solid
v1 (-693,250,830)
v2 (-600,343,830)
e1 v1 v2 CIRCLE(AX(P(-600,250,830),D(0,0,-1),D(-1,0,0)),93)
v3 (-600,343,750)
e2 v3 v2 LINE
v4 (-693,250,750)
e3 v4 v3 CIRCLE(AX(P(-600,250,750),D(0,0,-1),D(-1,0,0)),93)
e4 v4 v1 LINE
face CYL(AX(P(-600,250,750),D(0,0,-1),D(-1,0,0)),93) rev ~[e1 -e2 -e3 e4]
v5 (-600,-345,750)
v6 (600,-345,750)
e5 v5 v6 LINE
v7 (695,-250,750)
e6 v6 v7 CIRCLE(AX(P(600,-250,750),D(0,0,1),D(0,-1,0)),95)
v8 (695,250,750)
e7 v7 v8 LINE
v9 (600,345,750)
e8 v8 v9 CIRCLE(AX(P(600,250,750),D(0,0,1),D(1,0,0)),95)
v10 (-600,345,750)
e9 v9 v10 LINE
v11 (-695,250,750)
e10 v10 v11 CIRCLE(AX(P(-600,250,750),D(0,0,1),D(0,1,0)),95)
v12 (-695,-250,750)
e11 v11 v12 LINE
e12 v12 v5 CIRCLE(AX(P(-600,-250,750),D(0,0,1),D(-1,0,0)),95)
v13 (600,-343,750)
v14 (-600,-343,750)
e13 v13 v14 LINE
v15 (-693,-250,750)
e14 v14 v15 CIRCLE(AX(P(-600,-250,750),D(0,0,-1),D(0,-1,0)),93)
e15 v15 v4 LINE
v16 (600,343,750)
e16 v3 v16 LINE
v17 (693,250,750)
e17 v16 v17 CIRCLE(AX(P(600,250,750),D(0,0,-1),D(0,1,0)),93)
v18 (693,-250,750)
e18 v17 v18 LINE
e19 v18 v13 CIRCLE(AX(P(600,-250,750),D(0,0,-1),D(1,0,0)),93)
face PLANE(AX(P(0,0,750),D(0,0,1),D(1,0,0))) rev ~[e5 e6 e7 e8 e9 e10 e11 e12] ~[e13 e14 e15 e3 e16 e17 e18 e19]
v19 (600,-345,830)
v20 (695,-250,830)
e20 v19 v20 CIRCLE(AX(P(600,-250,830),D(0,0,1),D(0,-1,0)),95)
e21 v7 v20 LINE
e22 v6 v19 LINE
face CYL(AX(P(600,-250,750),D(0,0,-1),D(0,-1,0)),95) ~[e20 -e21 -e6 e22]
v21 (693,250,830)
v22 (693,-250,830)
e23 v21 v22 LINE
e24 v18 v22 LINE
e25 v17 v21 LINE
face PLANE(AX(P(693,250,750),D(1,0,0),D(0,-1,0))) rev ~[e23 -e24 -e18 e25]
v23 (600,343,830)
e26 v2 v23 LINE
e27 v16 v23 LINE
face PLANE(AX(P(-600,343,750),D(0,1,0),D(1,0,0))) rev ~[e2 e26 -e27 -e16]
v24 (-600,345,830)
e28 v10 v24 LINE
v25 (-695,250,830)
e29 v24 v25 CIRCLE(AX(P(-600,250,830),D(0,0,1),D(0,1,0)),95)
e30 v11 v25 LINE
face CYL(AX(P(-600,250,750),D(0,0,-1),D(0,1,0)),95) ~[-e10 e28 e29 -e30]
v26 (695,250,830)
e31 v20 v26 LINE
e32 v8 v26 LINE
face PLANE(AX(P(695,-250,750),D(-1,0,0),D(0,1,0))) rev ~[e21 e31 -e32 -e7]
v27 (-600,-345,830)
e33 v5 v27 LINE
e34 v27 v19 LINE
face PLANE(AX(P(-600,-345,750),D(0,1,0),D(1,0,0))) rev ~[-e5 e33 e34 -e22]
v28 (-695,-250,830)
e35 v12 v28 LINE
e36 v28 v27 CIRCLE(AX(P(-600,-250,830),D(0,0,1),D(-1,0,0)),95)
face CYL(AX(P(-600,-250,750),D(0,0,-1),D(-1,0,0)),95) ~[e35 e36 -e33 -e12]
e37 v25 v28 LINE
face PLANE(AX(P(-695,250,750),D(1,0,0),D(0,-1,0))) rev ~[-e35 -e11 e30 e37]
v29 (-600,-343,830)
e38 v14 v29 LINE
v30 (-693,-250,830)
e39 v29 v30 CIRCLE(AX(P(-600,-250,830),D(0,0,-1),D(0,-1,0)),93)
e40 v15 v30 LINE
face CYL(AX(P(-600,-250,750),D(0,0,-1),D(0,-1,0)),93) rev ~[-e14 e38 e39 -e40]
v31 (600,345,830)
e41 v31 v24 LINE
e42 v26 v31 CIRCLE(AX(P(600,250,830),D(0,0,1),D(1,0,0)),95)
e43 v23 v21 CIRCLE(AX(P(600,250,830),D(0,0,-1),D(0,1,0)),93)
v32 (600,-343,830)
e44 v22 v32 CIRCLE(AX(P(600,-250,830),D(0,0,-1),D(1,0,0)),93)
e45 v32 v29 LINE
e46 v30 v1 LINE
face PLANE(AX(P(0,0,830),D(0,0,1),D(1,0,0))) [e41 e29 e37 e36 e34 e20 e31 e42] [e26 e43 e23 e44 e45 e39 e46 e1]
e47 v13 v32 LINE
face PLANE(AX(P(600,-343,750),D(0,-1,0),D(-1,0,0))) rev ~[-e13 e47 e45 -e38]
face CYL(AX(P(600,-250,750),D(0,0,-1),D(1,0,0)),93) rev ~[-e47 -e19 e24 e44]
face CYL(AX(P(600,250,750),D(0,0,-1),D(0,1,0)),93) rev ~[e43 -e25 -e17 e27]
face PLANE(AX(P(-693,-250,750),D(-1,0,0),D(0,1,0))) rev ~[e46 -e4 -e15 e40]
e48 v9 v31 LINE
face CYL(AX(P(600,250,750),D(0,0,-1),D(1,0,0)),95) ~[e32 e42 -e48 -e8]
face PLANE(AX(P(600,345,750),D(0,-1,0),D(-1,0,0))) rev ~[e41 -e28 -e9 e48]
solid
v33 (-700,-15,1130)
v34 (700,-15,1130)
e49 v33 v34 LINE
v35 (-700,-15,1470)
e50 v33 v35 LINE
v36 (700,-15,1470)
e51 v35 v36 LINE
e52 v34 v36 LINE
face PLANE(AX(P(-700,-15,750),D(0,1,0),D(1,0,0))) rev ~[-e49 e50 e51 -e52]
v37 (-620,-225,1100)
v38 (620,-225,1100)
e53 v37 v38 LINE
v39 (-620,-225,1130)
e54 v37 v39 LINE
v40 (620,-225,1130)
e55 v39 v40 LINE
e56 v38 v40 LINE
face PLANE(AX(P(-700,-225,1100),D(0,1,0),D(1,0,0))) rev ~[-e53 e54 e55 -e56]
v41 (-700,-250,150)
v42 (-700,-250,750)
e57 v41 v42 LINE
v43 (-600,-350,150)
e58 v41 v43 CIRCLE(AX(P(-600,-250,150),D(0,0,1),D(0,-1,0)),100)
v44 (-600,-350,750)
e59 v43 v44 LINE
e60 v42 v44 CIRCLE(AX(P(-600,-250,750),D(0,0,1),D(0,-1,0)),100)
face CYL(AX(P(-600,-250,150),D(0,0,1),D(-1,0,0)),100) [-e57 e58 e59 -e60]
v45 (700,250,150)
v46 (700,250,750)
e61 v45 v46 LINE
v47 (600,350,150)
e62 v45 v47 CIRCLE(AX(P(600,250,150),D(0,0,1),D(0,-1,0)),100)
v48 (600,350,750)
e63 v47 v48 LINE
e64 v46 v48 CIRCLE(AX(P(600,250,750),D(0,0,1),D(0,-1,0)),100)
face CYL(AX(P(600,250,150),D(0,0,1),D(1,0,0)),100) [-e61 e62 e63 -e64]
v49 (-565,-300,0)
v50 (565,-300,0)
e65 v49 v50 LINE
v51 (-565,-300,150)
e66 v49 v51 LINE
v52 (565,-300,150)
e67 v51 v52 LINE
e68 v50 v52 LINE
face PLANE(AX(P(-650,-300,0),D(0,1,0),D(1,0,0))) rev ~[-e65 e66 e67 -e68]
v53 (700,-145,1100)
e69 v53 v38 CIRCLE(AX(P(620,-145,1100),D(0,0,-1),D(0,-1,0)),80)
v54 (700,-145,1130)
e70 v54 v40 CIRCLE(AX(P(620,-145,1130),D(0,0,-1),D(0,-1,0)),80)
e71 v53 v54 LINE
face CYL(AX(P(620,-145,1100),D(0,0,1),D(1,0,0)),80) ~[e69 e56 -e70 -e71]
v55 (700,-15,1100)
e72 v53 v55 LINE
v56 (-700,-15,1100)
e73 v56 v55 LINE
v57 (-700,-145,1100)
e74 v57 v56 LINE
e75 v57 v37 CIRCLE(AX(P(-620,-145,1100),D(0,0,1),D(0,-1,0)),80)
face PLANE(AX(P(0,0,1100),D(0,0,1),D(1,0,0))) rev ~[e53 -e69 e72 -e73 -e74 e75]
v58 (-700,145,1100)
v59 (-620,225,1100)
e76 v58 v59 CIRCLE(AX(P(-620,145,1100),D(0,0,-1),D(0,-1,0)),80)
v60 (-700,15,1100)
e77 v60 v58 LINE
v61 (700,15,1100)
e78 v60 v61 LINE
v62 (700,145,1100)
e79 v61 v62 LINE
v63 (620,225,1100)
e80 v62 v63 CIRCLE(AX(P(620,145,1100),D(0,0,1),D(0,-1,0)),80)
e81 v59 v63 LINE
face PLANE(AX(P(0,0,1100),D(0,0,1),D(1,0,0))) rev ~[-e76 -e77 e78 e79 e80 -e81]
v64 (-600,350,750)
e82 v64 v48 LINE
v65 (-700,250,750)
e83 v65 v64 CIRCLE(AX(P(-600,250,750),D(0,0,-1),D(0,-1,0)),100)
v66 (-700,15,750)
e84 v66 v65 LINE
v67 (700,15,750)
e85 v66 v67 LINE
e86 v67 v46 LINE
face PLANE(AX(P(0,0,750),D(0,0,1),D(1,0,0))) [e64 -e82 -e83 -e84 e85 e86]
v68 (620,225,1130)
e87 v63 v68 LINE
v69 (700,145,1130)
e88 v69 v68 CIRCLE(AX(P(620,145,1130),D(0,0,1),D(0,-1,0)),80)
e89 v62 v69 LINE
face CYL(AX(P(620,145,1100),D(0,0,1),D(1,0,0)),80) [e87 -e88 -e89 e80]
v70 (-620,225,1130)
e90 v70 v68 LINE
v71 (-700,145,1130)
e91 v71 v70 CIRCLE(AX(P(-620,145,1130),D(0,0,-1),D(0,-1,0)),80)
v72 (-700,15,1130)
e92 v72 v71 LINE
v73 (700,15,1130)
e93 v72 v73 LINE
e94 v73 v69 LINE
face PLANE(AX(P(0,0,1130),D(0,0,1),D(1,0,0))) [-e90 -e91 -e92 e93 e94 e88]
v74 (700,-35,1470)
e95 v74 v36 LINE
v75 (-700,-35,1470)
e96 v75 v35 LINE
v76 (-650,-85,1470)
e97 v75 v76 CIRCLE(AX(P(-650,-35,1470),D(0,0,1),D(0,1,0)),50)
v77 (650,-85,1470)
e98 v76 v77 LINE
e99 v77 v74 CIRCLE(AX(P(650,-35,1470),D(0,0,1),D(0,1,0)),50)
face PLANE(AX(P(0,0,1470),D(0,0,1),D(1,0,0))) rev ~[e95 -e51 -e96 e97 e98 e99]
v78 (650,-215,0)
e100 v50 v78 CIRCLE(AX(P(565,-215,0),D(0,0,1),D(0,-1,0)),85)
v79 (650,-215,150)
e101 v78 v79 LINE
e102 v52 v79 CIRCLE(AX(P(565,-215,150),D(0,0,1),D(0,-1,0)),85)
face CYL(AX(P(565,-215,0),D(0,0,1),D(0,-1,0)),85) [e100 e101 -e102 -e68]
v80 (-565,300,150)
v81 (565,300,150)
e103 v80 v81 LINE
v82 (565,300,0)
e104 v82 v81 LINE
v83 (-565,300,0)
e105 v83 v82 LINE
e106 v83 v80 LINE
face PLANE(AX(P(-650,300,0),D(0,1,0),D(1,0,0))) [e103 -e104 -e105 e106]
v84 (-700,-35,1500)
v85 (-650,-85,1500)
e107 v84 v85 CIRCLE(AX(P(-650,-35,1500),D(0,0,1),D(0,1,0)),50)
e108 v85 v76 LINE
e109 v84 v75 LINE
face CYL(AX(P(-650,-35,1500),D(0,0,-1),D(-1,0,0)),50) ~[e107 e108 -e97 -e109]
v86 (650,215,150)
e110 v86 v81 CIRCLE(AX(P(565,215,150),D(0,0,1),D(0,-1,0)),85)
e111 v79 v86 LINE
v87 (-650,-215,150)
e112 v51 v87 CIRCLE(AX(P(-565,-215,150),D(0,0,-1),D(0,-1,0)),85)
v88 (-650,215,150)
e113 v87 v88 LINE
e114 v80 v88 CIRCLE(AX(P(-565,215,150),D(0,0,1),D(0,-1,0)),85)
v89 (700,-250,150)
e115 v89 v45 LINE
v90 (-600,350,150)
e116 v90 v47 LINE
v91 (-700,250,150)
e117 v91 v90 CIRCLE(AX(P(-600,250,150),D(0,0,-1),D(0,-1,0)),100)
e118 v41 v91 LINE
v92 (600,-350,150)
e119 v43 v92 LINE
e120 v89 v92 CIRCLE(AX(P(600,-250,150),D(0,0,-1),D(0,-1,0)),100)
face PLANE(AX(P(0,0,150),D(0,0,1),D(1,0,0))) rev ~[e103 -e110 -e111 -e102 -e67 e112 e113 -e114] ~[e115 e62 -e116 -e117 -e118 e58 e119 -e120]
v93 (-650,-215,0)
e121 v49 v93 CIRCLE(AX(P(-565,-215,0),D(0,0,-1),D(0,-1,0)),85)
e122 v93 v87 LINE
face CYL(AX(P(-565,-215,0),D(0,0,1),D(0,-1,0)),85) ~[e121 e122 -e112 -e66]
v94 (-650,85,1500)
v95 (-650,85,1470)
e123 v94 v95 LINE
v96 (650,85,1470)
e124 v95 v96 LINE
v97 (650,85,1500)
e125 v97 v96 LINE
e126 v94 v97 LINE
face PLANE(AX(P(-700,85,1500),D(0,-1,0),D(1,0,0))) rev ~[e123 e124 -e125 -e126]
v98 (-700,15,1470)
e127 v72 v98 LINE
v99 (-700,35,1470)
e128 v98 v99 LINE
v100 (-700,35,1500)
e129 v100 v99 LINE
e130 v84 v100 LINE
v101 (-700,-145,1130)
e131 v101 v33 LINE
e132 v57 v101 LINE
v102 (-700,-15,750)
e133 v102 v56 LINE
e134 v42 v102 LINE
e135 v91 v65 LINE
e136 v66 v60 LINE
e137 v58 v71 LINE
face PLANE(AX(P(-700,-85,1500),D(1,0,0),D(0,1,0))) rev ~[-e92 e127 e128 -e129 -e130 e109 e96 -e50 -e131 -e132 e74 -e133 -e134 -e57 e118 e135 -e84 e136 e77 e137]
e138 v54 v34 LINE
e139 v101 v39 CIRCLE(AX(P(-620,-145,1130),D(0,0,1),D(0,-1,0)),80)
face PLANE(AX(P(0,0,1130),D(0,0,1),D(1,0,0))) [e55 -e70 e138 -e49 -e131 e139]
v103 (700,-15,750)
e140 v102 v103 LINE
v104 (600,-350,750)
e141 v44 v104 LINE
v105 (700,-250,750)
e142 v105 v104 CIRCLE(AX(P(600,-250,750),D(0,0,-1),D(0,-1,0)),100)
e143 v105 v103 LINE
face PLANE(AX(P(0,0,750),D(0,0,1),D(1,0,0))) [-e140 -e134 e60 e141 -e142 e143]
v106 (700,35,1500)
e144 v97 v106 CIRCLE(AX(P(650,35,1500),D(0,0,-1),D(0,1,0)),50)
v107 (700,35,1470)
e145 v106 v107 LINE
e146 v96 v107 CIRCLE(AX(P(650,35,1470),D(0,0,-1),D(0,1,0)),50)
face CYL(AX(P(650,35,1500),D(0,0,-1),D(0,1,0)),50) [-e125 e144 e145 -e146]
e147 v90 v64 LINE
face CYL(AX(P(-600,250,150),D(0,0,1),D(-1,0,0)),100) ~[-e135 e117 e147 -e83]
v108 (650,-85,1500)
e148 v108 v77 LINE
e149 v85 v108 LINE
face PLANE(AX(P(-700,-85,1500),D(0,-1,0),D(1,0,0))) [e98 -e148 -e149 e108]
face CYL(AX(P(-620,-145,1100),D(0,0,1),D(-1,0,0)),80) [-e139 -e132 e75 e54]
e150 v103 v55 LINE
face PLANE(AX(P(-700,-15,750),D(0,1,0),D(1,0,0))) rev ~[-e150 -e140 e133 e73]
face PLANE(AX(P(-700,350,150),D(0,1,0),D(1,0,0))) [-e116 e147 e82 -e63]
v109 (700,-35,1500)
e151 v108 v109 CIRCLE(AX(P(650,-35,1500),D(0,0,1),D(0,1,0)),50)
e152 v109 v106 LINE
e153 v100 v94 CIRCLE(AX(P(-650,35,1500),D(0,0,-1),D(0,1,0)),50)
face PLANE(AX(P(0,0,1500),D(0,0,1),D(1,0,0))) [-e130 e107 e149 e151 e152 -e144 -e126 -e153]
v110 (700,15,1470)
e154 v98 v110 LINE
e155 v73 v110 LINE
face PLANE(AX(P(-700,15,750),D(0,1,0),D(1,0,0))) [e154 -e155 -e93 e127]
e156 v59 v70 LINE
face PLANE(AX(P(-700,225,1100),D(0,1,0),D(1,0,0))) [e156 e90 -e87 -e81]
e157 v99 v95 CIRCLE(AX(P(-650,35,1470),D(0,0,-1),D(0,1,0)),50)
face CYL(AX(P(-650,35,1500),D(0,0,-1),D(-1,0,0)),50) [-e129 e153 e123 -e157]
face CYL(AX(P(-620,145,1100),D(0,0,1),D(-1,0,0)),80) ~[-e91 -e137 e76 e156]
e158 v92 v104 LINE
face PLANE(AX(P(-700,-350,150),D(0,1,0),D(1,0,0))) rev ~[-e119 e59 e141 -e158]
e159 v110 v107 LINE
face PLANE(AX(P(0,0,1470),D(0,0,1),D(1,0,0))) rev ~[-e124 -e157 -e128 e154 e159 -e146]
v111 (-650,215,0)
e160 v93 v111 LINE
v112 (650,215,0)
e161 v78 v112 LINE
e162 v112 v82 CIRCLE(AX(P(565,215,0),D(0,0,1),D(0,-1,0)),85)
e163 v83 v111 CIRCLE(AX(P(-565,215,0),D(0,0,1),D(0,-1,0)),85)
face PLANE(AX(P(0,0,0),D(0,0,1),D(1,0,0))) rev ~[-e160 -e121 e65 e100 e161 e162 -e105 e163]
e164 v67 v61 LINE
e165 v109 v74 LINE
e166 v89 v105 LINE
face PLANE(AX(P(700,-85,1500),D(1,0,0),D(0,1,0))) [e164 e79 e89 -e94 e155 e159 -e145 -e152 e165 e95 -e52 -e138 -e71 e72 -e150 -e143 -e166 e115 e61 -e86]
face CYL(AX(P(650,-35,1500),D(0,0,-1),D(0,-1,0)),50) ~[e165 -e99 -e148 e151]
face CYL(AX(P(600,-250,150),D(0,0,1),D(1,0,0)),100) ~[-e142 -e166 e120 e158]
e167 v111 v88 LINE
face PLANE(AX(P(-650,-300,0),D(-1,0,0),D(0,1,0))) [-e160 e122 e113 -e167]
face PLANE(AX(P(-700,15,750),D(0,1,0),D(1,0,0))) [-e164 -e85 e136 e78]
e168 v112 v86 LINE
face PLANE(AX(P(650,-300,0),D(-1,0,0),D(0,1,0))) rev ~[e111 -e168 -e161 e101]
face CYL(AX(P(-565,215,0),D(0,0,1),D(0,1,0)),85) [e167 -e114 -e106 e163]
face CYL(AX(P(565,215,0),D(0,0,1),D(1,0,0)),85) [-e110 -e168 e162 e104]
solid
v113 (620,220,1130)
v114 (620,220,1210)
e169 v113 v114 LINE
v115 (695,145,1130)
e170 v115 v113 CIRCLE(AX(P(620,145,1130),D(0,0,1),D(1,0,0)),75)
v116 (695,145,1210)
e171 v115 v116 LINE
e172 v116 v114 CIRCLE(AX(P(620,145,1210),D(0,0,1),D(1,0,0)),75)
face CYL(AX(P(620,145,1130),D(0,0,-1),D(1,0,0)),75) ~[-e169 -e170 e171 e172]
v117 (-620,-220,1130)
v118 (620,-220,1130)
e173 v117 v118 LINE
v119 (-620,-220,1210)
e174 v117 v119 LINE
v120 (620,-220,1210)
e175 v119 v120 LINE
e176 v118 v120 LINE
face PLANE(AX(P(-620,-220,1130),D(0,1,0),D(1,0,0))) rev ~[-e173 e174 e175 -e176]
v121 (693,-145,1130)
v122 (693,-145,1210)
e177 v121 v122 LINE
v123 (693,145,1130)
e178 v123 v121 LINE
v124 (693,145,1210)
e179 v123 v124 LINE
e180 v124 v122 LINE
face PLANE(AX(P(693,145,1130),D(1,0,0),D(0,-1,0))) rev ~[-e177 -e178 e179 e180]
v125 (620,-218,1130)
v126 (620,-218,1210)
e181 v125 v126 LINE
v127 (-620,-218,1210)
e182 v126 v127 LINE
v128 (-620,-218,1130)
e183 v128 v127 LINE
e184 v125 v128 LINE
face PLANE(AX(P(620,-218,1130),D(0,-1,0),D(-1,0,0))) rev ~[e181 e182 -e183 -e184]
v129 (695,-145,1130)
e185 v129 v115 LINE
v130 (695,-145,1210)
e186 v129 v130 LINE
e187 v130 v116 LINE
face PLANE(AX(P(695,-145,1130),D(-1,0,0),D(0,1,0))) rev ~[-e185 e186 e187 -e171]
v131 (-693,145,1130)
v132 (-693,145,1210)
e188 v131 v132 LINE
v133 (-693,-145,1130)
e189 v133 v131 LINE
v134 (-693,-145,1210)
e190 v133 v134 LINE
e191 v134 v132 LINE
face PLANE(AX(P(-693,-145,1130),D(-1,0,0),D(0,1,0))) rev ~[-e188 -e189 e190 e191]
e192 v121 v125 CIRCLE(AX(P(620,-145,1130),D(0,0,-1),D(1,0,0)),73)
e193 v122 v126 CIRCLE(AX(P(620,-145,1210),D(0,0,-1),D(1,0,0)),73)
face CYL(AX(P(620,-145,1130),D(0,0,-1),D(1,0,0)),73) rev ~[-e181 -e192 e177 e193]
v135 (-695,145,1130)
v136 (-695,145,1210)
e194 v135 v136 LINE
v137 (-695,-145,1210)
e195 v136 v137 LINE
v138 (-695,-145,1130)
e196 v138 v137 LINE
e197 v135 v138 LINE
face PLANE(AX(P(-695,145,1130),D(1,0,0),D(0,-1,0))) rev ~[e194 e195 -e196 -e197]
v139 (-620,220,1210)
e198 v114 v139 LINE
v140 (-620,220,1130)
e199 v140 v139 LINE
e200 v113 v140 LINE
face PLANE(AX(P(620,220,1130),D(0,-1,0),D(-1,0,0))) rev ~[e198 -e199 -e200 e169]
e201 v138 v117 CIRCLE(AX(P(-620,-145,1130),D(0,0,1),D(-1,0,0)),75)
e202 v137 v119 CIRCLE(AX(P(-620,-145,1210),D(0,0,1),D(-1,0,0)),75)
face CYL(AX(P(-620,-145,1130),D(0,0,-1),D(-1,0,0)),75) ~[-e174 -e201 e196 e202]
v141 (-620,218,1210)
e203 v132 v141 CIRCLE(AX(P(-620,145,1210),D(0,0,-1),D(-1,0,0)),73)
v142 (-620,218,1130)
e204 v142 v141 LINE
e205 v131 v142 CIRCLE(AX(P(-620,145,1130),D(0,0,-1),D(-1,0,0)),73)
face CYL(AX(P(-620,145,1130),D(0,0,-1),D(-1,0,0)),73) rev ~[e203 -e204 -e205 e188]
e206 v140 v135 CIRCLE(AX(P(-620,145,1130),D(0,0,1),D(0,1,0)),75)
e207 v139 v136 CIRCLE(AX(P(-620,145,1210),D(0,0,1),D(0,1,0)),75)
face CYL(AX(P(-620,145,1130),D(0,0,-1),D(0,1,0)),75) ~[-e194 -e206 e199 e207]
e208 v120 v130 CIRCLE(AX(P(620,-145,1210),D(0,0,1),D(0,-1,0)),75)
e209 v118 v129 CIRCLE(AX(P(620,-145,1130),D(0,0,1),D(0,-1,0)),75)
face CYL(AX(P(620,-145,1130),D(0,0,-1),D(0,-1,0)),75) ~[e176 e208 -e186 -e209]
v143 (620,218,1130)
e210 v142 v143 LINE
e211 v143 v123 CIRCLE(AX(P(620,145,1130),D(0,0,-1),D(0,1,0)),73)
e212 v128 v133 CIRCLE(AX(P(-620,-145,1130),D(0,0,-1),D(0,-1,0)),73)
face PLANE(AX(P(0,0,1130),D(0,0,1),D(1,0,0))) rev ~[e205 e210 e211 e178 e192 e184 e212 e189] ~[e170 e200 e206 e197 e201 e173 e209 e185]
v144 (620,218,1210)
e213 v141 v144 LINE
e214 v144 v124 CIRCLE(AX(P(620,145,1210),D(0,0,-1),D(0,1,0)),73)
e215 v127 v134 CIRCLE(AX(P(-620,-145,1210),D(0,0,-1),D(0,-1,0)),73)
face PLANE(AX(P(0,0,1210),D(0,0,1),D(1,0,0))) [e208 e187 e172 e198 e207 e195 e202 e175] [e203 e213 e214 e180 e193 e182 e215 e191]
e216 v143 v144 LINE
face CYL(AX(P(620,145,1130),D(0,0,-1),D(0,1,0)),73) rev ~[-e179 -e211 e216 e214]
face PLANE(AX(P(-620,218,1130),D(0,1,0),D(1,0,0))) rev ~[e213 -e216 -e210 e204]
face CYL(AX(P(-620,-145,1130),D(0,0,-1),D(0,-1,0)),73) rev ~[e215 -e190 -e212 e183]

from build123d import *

# Parameters (mm, degrees)
F2_W      = 1300
F2_H      = 600
F3_DEPTH  = 150
F4_W      = 1400
F4_H      = 700
F5_DEPTH  = 600
F6_W      = 1400
F6_H      = 30
F7_DEPTH  = 750
F9_W      = 1400
F9_H      = 450
F10_DEPTH = 30
F11_W     = 1400
F11_H     = 170
F12_DEPTH = 30
F13_R     = 100
F14_R     = 85
F15_R     = 80
F16_R     = 50
F18_DEPTH = 80
F20_DEPTH = 80


with BuildPart() as f3:
    # F2 (on Top) → F3 (new body, through all)
    with BuildSketch(Plane.XY):
        Rectangle(F2_W, F2_H)
    extrude(amount=F3_DEPTH)

    # F4 (on face) → F5 (join, through all)
    with BuildSketch(Plane.XY.offset(150)):
        Rectangle(F4_W, F4_H)
    extrude(amount=F5_DEPTH)

    # F6 (on face) → F7 (join, through all)
    with BuildSketch(Plane.XY.offset(750)):
        Rectangle(F6_W, F6_H)
    extrude(amount=F7_DEPTH)

    # F9 (on plane+point) → F10 (join, through all)
    with BuildSketch(Plane.XY.offset(1100)):
        Rectangle(F9_W, F9_H)
    extrude(amount=F10_DEPTH)

    # F11 (on face) → F12 (join, through all)
    with BuildSketch(Plane.XY.offset(1500)):
        Rectangle(F11_W, F11_H)
    extrude(amount=-F12_DEPTH)

    # F13
    f13_edges = [f3.edges().sort_by_distance(p)[0] for p in [
        (700, -350, 450),
        (-700, -350, 450),
        (700, 350, 450),
        (-700, 350, 450),
    ]]
    fillet(f13_edges, radius=F13_R)

    # F14
    f14_edges = [f3.edges().sort_by_distance(p)[0] for p in [
        (-650, 300, 75),
        (-650, -300, 75),
        (650, -300, 75),
        (650, 300, 75),
    ]]
    fillet(f14_edges, radius=F14_R)

    # F15
    f15_edges = [f3.edges().sort_by_distance(p)[0] for p in [
        (700, 225, 1115),
        (-700, 225, 1115),
        (-700, -225, 1115),
        (700, -225, 1115),
    ]]
    fillet(f15_edges, radius=F15_R)

    # F16
    f16_edges = [f3.edges().sort_by_distance(p)[0] for p in [
        (700, -85, 1485),
        (700, 85, 1485),
        (-700, -85, 1485),
        (-700, 85, 1485),
    ]]
    fillet(f16_edges, radius=F16_R)


with BuildPart() as f18:
    # F17 (on face) → F18 (new body)
    with BuildSketch(Plane.XY.offset(750)):
        with BuildLine():
            ThreePointArc((-600, 345), (-667.1751442127, 317.1751442127), (-695, 250))
            Line((-695, 250), (-695, -250))
            ThreePointArc((-695, -250), (-667.1751442127, -317.1751442127), (-600, -345))
            Line((-600, -345), (600, -345))
            ThreePointArc((600, -345), (667.1751442127, -317.1751442127), (695, -250))
            Line((695, -250), (695, 250))
            ThreePointArc((695, 250), (667.1751442127, 317.1751442127), (600, 345))
            Line((600, 345), (-600, 345))
        make_face()
        with BuildLine():
            ThreePointArc((693, -250), (665.7609306503, -315.7609306503), (600, -343))
            Line((600, -343), (-600, -343))
            ThreePointArc((-600, -343), (-665.7609306503, -315.7609306503), (-693, -250))
            Line((-693, -250), (-693, 250))
            ThreePointArc((-693, 250), (-665.7609306503, 315.7609306503), (-600, 343))
            Line((-600, 343), (600, 343))
            ThreePointArc((600, 343), (665.7609306503, 315.7609306503), (693, 250))
            Line((693, 250), (693, -250))
        make_face(mode=Mode.SUBTRACT)
    extrude(amount=F18_DEPTH)


with BuildPart() as f20:
    # F19 (on face) → F20 (new body)
    with BuildSketch(Plane.XY.offset(1130)):
        with BuildLine():
            ThreePointArc((-620, 220), (-673.033008589, 198.033008589), (-695, 145))
            Line((-695, 145), (-695, 15))
            Line((-695, 15), (-695, -15))
            Line((-695, -15), (-695, -145))
            ThreePointArc((-695, -145), (-673.033008589, -198.033008589), (-620, -220))
            Line((-620, -220), (620, -220))
            ThreePointArc((620, -220), (673.033008589, -198.033008589), (695, -145))
            Line((695, -145), (695, -15))
            Line((695, -15), (695, 15))
            Line((695, 15), (695, 145))
            ThreePointArc((695, 145), (673.033008589, 198.033008589), (620, 220))
            Line((620, 220), (-620, 220))
        make_face()
        with BuildLine():
            Line((693, 145), (693, 15))
            Line((693, 15), (693, -15))
            Line((693, -15), (693, -145))
            ThreePointArc((693, -145), (671.6187950266, -196.6187950266), (620, -218))
            Line((620, -218), (-620, -218))
            ThreePointArc((-620, -218), (-671.6187950266, -196.6187950266), (-693, -145))
            Line((-693, -145), (-693, -15))
            Line((-693, -15), (-693, 15))
            Line((-693, 15), (-693, 145))
            ThreePointArc((-693, 145), (-671.6187950266, 196.6187950266), (-620, 218))
            Line((-620, 218), (620, 218))
            ThreePointArc((620, 218), (671.6187950266, 196.6187950266), (693, 145))
        make_face(mode=Mode.SUBTRACT)
    extrude(amount=F20_DEPTH)


solid = Compound([f3.part, f18.part, f20.part])
